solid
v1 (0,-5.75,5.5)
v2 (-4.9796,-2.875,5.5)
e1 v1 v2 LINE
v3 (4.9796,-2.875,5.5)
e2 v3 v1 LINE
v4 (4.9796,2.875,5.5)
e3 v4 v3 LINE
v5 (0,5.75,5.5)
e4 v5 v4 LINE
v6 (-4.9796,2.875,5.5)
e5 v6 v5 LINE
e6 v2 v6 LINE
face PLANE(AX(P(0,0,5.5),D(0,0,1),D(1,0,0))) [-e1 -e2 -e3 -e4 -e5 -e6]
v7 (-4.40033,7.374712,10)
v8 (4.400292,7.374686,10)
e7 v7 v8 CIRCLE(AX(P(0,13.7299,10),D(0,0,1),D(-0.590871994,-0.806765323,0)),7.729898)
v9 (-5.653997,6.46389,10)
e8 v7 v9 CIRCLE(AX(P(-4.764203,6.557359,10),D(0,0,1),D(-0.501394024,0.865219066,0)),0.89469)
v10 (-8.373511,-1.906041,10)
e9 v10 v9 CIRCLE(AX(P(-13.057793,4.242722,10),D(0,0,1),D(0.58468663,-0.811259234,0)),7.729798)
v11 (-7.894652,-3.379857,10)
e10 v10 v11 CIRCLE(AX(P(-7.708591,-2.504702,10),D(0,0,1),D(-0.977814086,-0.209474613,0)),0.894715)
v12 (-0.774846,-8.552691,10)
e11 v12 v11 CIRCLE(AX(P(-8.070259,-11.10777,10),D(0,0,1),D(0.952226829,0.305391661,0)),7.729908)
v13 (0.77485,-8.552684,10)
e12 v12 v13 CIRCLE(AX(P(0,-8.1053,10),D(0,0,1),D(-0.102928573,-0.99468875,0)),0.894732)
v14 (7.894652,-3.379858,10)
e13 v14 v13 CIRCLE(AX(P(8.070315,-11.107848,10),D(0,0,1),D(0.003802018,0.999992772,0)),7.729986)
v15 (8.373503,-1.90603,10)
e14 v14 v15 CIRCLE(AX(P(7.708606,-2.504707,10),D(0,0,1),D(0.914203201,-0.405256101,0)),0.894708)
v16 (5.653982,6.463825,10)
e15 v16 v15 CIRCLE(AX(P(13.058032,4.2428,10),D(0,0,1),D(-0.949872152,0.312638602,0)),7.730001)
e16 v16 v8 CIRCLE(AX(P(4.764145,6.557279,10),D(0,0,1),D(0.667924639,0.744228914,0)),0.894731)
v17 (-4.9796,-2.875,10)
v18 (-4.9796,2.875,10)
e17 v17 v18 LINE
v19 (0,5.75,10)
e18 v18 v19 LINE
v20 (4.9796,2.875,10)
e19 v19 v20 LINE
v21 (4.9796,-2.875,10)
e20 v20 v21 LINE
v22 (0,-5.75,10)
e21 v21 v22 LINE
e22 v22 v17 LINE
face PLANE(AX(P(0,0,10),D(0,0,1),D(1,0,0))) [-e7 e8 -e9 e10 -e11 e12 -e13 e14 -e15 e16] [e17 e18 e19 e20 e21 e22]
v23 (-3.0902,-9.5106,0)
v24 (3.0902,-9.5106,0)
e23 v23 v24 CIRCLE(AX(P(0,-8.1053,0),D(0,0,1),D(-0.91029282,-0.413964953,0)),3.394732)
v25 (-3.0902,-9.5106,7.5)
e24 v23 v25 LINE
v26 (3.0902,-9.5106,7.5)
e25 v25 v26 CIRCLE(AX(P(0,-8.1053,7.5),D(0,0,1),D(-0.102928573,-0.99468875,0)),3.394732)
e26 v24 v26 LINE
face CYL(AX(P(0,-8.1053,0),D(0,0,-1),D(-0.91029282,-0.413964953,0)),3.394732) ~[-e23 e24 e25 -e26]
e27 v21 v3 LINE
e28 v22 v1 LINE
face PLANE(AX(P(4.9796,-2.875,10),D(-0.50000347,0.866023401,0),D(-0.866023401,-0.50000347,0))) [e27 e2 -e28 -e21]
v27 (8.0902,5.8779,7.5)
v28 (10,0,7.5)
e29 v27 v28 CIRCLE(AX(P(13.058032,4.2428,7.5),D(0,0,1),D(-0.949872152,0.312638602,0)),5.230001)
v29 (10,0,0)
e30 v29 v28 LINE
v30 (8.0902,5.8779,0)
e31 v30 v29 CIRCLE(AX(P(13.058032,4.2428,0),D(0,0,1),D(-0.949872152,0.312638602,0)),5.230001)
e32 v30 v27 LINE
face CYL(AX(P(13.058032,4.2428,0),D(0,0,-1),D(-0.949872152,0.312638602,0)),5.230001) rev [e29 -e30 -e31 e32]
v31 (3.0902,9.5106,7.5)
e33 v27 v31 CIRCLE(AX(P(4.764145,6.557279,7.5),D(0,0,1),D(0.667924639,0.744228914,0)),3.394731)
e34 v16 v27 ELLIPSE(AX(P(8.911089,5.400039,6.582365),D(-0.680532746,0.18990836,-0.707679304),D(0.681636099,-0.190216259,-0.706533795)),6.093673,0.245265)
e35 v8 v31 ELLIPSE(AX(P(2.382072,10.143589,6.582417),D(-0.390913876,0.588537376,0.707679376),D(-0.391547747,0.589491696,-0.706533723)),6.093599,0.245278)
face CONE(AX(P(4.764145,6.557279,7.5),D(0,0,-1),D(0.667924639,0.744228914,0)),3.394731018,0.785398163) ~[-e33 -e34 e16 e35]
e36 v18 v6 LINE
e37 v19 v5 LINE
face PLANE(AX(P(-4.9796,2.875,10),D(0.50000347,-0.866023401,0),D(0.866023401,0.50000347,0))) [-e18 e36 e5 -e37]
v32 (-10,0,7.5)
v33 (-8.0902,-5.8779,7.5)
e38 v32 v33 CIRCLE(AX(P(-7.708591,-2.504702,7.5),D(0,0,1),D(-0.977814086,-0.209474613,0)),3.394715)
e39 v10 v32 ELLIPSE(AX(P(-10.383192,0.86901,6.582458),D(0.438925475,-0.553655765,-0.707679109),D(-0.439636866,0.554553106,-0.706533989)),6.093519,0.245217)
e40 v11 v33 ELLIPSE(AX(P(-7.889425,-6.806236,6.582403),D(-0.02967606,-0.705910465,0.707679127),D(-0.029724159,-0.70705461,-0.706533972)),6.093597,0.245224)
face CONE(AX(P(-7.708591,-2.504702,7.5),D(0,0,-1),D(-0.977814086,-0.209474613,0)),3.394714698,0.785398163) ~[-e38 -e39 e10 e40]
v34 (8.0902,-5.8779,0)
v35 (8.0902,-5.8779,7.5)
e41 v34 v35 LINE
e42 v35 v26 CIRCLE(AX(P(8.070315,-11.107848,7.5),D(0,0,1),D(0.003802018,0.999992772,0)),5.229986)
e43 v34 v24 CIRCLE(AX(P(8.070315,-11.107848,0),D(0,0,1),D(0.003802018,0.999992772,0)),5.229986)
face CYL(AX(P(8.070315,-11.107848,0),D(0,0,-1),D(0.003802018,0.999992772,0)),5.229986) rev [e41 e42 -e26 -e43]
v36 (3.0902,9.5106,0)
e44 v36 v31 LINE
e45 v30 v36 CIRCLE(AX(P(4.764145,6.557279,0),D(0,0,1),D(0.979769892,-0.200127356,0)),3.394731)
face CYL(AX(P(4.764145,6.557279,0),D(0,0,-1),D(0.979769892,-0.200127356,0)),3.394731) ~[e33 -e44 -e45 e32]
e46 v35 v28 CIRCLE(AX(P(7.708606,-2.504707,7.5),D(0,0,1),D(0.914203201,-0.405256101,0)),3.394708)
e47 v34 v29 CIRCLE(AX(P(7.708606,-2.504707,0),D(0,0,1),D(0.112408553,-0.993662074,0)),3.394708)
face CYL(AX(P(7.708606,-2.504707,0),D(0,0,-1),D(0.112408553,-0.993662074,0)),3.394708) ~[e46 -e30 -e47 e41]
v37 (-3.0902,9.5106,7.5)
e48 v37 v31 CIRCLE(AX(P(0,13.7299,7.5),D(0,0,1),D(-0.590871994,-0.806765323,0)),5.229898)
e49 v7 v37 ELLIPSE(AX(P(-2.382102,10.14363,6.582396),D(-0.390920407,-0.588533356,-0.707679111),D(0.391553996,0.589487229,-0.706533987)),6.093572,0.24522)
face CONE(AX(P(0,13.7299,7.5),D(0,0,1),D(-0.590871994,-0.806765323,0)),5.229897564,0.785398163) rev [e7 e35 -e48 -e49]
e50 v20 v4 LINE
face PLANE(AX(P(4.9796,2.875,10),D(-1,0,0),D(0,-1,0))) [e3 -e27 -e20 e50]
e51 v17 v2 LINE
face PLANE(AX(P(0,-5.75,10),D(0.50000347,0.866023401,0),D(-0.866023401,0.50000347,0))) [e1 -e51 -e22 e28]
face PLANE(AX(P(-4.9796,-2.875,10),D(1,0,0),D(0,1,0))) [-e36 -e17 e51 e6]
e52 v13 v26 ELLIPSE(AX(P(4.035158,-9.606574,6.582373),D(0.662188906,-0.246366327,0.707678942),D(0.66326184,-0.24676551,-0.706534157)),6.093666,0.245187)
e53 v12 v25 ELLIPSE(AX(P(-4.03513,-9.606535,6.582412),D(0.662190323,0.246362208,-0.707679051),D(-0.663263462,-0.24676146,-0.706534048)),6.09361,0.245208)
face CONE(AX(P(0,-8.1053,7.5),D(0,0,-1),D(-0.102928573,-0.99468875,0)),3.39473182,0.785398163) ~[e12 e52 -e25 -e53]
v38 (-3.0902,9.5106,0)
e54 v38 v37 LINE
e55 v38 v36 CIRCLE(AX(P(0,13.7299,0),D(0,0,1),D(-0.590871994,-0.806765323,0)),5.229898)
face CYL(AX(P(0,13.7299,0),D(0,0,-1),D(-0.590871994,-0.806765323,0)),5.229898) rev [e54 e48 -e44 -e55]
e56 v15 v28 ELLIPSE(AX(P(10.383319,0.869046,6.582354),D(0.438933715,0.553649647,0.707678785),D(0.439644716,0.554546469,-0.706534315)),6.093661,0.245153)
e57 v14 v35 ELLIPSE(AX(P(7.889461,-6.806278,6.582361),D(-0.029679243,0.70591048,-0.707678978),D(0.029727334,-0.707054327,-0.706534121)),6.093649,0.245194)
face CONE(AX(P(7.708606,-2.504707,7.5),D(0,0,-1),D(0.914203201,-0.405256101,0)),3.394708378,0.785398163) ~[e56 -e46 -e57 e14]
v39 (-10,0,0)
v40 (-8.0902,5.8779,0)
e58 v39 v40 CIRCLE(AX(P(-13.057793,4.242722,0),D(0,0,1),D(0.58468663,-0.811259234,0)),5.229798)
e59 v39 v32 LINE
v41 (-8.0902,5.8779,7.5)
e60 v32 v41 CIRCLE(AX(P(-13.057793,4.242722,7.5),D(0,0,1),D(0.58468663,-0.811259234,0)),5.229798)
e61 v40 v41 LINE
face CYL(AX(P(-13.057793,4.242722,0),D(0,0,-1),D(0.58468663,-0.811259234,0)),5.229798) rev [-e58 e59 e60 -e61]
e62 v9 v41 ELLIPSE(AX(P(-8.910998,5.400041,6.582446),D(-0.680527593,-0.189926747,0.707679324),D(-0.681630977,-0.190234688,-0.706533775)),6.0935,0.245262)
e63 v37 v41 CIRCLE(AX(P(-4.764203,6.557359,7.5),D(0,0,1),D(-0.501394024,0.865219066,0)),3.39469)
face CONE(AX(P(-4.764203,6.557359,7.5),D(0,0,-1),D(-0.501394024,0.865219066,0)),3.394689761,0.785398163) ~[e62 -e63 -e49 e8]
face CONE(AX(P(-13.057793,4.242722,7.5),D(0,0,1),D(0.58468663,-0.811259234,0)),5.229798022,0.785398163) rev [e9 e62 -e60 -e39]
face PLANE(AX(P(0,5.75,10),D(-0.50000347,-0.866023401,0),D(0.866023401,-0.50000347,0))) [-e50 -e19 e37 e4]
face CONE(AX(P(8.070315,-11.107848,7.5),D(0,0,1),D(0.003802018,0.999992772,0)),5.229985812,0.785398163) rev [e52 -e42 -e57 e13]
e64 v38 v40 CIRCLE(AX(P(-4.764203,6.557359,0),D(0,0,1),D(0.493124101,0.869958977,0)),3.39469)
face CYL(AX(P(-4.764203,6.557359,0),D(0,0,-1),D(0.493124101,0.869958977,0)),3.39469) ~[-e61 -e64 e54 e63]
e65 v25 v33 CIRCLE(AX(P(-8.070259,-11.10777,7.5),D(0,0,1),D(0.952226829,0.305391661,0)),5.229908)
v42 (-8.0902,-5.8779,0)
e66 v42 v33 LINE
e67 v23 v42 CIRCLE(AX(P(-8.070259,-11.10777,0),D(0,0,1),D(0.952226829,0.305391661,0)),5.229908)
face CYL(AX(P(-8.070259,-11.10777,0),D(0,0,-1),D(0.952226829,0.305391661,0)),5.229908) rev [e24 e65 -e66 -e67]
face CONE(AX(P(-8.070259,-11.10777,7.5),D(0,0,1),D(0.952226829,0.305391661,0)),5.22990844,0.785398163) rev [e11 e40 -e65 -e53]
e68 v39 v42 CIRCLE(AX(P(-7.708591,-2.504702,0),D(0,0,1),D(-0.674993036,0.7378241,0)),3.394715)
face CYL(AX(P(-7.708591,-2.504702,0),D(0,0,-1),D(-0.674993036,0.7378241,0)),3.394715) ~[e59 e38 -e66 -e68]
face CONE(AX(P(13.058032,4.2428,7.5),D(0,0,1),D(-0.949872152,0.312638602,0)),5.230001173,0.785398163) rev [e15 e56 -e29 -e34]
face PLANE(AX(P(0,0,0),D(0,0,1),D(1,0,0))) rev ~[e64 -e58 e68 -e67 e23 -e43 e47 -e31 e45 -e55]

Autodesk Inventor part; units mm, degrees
ref_plane "YZ Plane" through (0, 0, 0) normal (1, 0, 0) x (0, 1, 0)
ref_plane "XZ Plane" through (0, 0, 0) normal (0, 1, 0) x (-1, 0, 0)
ref_plane "XY Plane" through (0, 0, 0) normal (0, 0, 1) x (1, 0, 0)
sketch "Skizze1" plane through (0, 0, 0) normal (0, 0, 1) x (1, 0, 0)
  circle A0 centre (0, 0) radius 10 construction
  circle A1 centre (0, 0) radius 11.5 construction
  circle A2 centre (0, 0) radius 8.5 construction
  line L0 (10, 0) -> (8.0902, -5.8779) construction
  line L1 (8.0902, -5.8779) -> (3.0902, -9.5106) construction
  line L2 (3.0902, -9.5106) -> (-3.0902, -9.5106) construction
  line L3 (-3.0902, -9.5106) -> (-8.0902, -5.8779) construction
  line L4 (-8.0902, -5.8779) -> (-10, 0) construction
  line L5 (-10, 0) -> (-8.0902, 5.8779) construction
  line L6 (-8.0902, 5.8779) -> (-3.0902, 9.5106) construction
  line L7 (-3.0902, 9.5106) -> (3.0902, 9.5106) construction
  line L8 (3.0902, 9.5106) -> (8.0902, 5.8779) construction
  line L9 (8.0902, 5.8779) -> (10, 0) construction
  arc A3 (8.0902, 5.8779) -> (10, 0) centre (13.0579, 4.2428) ccw
  arc A4 (8.0902, 5.8779) -> (3.0902, 9.5106) centre (4.7642, 6.5573) ccw
  arc A5 (-3.0902, 9.5106) -> (3.0902, 9.5106) centre (0, 13.7299) ccw
  arc A6 (-3.0902, 9.5106) -> (-8.0902, 5.8779) centre (-4.7642, 6.5573) ccw
  arc A7 (-10, 0) -> (-8.0902, 5.8779) centre (-13.0579, 4.2428) ccw
  arc A8 (-10, 0) -> (-8.0902, -5.8779) centre (-7.7086, -2.5047) ccw
  arc A9 (-3.0902, -9.5106) -> (-8.0902, -5.8779) centre (-8.0703, -11.1078) ccw
  arc A10 (-3.0902, -9.5106) -> (3.0902, -9.5106) centre (0, -8.1053) ccw
  arc A11 (8.0902, -5.8779) -> (3.0902, -9.5106) centre (8.0703, -11.1078) ccw
  arc A12 (8.0902, -5.8779) -> (10, 0) centre (7.7086, -2.5047) ccw
  point P0 (0, -11.5)
  point P1 (10.9371, -3.5537)
  point P2 (6.7595, 9.3037)
  point P3 (-6.7595, 9.3037)
  point P4 (-10.9371, -3.5537)
  dimension "d0" = 20
  dimension "d1" = 23
  dimension "d2" = 17
extrude "Extrusion1" add sketch "Skizze1" along normal blind 10
sketch "Skizze2" plane through (0, 0, 10) normal (0, 0, 1) x (1, 0, 0)
  circle A0 centre (0, 0) radius 5.75 construction
  line L0 (0, 5.75) -> (4.9796, 2.875)
  line L1 (4.9796, 2.875) -> (4.9796, -2.875)
  line L2 (4.9796, -2.875) -> (0, -5.75)
  line L3 (0, -5.75) -> (-4.9796, -2.875)
  line L4 (-4.9796, -2.875) -> (-4.9796, 2.875)
  line L5 (-4.9796, 2.875) -> (0, 5.75)
  dimension "d11" = 11.5
extrude "Extrusion2" cut sketch "Skizze2" against normal blind 4.5
chamfer "Fase1" distance 2.5 angle 45 10 edges at (-8.084, 2.6266, 10) (-10.9371, -3.5537, 10) (-4.9962, -6.8766, 10) (0, -11.5, 10) (4.9962, -6.8766, 10) (10.9371, -3.5537, 10) (8.084, 2.6266, 10) (6.7595, 9.3037, 10) (0, 8.5, 10) (-6.7595, 9.3037, 10)
properties part number "Damper" material "Gummi, Butyl"
